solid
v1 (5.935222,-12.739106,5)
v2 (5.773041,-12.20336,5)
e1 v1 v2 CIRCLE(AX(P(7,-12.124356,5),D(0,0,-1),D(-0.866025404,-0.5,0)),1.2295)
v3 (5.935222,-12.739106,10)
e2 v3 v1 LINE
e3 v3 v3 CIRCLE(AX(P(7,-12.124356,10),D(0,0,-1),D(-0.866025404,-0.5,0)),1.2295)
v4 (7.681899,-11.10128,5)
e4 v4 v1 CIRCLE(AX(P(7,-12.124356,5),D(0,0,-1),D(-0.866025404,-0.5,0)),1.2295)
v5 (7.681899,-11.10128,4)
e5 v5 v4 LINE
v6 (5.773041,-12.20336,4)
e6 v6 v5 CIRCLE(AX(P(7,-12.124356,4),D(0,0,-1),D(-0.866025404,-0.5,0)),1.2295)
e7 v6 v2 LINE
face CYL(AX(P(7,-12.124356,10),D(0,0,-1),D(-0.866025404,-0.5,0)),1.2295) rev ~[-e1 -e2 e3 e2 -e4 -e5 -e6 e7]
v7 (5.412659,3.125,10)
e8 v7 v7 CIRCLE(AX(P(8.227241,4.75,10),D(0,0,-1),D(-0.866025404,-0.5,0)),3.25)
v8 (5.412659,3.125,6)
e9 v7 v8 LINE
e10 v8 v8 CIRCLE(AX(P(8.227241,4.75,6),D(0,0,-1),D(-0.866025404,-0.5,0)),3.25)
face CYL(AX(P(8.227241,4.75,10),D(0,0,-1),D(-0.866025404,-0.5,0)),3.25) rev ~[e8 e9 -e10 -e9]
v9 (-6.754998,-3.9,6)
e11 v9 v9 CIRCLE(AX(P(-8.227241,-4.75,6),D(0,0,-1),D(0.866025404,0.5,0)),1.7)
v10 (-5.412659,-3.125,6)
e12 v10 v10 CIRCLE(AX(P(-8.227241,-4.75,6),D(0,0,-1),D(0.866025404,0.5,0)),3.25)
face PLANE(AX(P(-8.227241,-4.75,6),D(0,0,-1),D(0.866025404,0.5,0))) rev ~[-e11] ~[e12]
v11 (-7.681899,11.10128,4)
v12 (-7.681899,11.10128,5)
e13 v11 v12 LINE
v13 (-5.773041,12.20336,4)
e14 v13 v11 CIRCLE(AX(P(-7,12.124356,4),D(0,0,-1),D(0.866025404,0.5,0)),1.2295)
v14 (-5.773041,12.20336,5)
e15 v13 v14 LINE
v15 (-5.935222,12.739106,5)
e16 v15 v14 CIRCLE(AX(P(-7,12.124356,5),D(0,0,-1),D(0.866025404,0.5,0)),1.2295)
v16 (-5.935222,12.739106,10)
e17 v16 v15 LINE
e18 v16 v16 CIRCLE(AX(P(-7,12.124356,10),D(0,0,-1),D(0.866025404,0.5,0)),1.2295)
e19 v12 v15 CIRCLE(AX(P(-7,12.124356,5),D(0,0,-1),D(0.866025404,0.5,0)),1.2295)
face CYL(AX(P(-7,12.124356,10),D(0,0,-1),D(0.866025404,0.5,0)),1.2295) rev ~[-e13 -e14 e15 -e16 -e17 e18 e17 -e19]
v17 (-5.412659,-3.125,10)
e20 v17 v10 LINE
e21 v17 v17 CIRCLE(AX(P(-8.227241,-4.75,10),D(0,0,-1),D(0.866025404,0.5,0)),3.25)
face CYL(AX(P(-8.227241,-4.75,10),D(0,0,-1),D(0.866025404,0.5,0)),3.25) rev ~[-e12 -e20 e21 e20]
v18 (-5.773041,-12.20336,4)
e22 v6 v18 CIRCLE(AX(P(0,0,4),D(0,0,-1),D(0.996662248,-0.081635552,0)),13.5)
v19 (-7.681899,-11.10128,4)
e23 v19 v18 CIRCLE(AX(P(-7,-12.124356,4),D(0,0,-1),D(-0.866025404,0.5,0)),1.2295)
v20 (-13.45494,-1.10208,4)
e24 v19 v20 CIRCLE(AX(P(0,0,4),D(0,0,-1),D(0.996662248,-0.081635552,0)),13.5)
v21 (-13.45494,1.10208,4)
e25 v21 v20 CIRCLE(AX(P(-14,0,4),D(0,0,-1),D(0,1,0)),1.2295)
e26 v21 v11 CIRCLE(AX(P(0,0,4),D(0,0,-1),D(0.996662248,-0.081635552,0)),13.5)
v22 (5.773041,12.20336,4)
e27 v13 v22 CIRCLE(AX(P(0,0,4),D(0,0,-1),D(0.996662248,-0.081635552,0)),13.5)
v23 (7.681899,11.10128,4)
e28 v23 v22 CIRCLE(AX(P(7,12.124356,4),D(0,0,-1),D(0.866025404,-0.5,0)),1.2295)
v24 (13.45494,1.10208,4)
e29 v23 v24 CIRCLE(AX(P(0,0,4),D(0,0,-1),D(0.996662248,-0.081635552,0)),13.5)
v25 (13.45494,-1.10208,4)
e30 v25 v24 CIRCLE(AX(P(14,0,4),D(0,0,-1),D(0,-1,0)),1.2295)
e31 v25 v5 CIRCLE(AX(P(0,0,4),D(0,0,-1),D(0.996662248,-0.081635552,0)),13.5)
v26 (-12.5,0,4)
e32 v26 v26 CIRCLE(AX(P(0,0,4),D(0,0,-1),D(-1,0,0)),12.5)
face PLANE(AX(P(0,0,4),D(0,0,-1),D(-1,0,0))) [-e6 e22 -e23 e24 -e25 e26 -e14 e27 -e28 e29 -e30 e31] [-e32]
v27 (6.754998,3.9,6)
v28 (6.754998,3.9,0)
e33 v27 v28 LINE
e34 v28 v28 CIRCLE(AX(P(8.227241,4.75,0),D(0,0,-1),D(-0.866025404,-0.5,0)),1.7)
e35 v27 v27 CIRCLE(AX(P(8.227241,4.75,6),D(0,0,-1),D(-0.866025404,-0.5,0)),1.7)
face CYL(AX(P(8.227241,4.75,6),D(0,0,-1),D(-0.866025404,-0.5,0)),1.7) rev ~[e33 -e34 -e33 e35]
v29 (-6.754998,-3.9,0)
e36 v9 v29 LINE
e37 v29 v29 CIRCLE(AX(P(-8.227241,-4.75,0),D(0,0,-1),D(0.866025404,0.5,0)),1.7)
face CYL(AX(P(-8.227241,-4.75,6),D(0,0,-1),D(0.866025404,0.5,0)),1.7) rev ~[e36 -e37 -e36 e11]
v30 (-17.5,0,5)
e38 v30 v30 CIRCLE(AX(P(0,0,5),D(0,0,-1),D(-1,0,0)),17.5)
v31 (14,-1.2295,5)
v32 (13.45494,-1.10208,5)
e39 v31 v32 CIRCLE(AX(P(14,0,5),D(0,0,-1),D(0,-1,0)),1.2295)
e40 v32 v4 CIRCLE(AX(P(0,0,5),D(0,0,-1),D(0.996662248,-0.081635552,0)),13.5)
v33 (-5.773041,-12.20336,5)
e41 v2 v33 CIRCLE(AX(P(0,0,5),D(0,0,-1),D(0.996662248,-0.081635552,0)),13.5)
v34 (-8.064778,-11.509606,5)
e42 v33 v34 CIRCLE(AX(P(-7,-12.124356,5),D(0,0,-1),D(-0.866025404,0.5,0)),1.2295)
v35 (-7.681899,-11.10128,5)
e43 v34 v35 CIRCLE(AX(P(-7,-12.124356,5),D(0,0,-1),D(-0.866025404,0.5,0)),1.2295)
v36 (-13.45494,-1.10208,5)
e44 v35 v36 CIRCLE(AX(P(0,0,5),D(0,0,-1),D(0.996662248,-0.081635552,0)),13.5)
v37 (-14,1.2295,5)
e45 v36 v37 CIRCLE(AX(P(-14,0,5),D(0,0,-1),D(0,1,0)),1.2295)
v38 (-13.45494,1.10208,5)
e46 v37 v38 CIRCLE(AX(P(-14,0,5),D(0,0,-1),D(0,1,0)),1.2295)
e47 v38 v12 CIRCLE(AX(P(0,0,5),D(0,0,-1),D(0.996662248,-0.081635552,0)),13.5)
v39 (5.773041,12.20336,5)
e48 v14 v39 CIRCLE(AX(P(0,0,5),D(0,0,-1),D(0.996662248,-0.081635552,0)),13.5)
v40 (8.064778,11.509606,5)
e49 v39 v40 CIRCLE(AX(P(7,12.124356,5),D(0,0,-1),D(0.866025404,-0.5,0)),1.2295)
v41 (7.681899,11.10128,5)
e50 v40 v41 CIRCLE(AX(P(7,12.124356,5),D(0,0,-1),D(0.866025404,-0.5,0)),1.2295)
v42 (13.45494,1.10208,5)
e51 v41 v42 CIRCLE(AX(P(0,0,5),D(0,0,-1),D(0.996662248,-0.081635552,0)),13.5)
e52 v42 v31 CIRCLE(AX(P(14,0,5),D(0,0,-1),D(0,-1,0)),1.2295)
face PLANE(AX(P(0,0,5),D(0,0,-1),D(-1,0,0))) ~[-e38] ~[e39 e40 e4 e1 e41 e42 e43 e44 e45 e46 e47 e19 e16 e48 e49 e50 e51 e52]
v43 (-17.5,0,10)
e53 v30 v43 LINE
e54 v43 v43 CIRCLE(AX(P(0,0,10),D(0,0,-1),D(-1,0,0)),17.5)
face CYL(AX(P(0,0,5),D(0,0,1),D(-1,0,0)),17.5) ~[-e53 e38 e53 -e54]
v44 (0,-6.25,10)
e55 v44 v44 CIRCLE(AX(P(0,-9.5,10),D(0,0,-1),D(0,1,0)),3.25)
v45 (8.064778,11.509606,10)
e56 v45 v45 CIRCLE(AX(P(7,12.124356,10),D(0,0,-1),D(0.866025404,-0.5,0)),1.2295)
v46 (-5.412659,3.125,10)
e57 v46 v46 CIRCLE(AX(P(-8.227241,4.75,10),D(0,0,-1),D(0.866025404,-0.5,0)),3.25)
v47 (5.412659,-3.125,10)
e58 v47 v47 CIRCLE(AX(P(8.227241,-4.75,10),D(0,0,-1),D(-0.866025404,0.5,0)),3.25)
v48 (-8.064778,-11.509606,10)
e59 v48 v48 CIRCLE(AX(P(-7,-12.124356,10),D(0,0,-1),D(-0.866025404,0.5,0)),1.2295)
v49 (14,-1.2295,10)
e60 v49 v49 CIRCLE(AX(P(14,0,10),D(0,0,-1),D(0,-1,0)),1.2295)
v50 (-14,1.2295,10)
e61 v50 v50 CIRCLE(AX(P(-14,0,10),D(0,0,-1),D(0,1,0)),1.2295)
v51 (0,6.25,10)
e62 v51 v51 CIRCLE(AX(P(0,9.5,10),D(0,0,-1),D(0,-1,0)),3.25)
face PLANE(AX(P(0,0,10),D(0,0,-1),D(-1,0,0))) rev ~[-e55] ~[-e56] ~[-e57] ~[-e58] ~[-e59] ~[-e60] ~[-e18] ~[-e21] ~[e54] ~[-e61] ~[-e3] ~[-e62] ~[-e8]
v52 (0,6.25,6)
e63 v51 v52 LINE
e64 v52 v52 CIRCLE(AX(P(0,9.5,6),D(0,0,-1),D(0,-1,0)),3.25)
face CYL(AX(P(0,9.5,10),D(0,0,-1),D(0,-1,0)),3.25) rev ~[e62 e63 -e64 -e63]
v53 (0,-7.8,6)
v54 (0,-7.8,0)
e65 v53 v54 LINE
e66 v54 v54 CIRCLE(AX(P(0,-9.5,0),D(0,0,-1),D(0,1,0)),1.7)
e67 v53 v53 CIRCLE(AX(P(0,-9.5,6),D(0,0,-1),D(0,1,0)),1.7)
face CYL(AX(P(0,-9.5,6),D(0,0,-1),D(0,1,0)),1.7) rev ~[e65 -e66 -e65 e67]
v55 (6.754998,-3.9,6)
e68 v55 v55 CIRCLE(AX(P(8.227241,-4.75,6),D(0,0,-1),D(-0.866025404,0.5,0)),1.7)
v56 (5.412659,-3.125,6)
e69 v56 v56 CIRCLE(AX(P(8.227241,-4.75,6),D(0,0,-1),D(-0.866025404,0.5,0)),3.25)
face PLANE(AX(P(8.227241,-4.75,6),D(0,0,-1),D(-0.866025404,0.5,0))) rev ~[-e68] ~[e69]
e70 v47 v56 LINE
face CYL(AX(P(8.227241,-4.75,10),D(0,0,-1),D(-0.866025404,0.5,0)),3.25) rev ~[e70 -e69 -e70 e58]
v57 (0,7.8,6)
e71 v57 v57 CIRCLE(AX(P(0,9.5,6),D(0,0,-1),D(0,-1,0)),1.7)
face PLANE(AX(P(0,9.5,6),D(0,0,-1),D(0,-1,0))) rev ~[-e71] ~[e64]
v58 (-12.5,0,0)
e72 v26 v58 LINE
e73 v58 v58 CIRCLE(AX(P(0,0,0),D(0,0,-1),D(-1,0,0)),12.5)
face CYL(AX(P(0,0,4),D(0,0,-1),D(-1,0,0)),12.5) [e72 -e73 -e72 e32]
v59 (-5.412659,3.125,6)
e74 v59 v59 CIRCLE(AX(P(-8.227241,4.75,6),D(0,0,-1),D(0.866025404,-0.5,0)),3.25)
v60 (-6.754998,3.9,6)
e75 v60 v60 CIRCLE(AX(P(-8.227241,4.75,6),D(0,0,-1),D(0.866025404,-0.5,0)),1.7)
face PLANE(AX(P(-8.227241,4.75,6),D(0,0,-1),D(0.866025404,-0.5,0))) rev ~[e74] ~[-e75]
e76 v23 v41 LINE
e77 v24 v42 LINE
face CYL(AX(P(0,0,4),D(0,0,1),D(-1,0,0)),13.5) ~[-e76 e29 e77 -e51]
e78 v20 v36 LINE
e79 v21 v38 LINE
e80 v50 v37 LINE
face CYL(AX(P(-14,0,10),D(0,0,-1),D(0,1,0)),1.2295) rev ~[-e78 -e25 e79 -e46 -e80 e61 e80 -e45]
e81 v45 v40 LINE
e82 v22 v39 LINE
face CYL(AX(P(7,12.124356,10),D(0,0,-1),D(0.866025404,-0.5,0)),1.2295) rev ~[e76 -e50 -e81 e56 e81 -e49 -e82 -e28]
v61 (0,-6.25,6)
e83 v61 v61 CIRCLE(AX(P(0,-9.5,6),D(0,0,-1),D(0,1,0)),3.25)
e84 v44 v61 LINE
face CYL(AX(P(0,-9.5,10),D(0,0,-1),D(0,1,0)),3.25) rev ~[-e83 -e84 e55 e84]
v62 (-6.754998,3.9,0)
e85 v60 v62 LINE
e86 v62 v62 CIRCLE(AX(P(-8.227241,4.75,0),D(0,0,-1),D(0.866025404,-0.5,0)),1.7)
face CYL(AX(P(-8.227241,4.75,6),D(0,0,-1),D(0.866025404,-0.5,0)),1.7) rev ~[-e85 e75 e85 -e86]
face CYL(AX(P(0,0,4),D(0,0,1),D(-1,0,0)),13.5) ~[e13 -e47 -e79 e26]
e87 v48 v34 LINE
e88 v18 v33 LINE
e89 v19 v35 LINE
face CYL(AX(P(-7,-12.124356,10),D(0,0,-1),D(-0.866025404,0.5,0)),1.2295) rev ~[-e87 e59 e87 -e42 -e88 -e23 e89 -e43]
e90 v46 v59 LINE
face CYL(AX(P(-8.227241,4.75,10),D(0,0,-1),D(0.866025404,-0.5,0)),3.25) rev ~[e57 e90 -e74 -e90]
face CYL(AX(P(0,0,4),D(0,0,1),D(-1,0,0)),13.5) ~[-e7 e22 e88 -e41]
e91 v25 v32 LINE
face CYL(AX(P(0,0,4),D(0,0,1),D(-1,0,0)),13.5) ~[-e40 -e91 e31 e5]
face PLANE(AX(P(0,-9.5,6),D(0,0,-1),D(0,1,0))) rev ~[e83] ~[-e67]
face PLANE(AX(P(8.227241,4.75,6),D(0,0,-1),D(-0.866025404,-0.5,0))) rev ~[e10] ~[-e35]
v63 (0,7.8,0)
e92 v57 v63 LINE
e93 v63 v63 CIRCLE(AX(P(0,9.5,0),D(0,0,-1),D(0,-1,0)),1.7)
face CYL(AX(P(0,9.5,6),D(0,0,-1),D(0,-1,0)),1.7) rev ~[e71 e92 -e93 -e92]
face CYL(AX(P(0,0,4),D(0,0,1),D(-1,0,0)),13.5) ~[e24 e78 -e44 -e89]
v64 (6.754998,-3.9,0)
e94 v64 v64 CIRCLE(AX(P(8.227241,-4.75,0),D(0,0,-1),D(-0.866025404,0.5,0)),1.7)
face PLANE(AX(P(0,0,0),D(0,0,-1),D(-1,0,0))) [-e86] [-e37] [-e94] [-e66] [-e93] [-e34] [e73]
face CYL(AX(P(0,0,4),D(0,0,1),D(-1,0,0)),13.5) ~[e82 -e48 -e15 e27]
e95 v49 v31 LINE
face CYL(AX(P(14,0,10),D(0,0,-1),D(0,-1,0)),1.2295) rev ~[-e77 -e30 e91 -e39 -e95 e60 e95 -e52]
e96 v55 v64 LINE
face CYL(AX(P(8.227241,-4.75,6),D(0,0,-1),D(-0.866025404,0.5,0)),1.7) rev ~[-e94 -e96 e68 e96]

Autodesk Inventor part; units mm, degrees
ref_plane "YZ Plane" through (0, 0, 0) normal (1, 0, 0) x (0, 1, 0)
ref_plane "XZ Plane" through (0, 0, 0) normal (0, 1, 0) x (-1, 0, 0)
ref_plane "XY Plane" through (0, 0, 0) normal (0, 0, 1) x (1, 0, 0)
sketch "Sketch1" plane through (0, 0, 0) normal (0, 1, 0) x (-1, 0, 0)
  line L0 (13.5, 4) -> (13.5, 5)
  line L1 (13.5, 5) -> (17.5, 5)
  line L2 (17.5, 5) -> (17.5, 10)
  line L3 (17.5, 10) -> (0, 10)
  line L4 (0, 10) -> (0, 0)
  line L5 (13.5, 4) -> (12.5, 4)
  line L6 (12.5, 4) -> (12.5, 0)
  line L7 (12.5, 0) -> (0, 0)
  dimension "d1" = 27
  dimension "d2" = 35
  dimension "d3" = 1
  dimension "d4" = 5
  dimension "d28" = 25
  dimension "d29" = 4
revolve "Revolution1" add sketch "Sketch1" angle 360 about axis through (0, 0, 10) along (0, 0, -1)
sketch "Sketch2" plane through (0, 0, 10) normal (0, 0, 1) x (1, 0, 0)
  point P0 (0, 0)
  point P1 (0, 9.5)
  dimension "d6" = 9.5
hole "Hole1" at (0, 9.5, 10) direction (0, 0, -1) diameter 3.4 end through all counterbore diameter 6.5 counterbore depth 4 clearance for "Socket Head Cap Screw DIN EN ISO 4762" size "M3" standard "DIN"
pattern_circular "Circular Pattern1" count 6 over 360 about axis through (0, 0, -10) along (0, 0, -1) of "Hole1"
sketch "Sketch3" plane through (0, 0, 10) normal (0, 0, 1) x (1, 0, 0)
  point P0 (0, 0)
  point P1 (14, 0)
  dimension "d17" = 14
hole "Hole2" at (14, 0, 10) direction (0, 0, -1) diameter 2.459 end through all thread size "M3x0.5" class "6H" standard "ISO Metric profile"
pattern_circular "Circular Pattern2" count 6 over 360 about axis through (0, 0, -10) along (0, 0, 1) of "Hole2"
equation "\"d28\" = bearing_61705_inner"
equation "\"bearing_61807_inner\" = 35"
equation "\"bearing_61807_outer\" = 47.1"
equation "\"bearing_61814_outer\" = 90.1"
equation "\"bearing_61705_outer\" = 32.1"
equation "\"bearing_61705_inner\" = 25"
equation "\"M3_adjustable\" = 3.2"
equation "\"bearing_606_outer\" = 17.1"
equation "\"gearbox_35_outer\" = 32.3"
properties part number "405-output disk"
